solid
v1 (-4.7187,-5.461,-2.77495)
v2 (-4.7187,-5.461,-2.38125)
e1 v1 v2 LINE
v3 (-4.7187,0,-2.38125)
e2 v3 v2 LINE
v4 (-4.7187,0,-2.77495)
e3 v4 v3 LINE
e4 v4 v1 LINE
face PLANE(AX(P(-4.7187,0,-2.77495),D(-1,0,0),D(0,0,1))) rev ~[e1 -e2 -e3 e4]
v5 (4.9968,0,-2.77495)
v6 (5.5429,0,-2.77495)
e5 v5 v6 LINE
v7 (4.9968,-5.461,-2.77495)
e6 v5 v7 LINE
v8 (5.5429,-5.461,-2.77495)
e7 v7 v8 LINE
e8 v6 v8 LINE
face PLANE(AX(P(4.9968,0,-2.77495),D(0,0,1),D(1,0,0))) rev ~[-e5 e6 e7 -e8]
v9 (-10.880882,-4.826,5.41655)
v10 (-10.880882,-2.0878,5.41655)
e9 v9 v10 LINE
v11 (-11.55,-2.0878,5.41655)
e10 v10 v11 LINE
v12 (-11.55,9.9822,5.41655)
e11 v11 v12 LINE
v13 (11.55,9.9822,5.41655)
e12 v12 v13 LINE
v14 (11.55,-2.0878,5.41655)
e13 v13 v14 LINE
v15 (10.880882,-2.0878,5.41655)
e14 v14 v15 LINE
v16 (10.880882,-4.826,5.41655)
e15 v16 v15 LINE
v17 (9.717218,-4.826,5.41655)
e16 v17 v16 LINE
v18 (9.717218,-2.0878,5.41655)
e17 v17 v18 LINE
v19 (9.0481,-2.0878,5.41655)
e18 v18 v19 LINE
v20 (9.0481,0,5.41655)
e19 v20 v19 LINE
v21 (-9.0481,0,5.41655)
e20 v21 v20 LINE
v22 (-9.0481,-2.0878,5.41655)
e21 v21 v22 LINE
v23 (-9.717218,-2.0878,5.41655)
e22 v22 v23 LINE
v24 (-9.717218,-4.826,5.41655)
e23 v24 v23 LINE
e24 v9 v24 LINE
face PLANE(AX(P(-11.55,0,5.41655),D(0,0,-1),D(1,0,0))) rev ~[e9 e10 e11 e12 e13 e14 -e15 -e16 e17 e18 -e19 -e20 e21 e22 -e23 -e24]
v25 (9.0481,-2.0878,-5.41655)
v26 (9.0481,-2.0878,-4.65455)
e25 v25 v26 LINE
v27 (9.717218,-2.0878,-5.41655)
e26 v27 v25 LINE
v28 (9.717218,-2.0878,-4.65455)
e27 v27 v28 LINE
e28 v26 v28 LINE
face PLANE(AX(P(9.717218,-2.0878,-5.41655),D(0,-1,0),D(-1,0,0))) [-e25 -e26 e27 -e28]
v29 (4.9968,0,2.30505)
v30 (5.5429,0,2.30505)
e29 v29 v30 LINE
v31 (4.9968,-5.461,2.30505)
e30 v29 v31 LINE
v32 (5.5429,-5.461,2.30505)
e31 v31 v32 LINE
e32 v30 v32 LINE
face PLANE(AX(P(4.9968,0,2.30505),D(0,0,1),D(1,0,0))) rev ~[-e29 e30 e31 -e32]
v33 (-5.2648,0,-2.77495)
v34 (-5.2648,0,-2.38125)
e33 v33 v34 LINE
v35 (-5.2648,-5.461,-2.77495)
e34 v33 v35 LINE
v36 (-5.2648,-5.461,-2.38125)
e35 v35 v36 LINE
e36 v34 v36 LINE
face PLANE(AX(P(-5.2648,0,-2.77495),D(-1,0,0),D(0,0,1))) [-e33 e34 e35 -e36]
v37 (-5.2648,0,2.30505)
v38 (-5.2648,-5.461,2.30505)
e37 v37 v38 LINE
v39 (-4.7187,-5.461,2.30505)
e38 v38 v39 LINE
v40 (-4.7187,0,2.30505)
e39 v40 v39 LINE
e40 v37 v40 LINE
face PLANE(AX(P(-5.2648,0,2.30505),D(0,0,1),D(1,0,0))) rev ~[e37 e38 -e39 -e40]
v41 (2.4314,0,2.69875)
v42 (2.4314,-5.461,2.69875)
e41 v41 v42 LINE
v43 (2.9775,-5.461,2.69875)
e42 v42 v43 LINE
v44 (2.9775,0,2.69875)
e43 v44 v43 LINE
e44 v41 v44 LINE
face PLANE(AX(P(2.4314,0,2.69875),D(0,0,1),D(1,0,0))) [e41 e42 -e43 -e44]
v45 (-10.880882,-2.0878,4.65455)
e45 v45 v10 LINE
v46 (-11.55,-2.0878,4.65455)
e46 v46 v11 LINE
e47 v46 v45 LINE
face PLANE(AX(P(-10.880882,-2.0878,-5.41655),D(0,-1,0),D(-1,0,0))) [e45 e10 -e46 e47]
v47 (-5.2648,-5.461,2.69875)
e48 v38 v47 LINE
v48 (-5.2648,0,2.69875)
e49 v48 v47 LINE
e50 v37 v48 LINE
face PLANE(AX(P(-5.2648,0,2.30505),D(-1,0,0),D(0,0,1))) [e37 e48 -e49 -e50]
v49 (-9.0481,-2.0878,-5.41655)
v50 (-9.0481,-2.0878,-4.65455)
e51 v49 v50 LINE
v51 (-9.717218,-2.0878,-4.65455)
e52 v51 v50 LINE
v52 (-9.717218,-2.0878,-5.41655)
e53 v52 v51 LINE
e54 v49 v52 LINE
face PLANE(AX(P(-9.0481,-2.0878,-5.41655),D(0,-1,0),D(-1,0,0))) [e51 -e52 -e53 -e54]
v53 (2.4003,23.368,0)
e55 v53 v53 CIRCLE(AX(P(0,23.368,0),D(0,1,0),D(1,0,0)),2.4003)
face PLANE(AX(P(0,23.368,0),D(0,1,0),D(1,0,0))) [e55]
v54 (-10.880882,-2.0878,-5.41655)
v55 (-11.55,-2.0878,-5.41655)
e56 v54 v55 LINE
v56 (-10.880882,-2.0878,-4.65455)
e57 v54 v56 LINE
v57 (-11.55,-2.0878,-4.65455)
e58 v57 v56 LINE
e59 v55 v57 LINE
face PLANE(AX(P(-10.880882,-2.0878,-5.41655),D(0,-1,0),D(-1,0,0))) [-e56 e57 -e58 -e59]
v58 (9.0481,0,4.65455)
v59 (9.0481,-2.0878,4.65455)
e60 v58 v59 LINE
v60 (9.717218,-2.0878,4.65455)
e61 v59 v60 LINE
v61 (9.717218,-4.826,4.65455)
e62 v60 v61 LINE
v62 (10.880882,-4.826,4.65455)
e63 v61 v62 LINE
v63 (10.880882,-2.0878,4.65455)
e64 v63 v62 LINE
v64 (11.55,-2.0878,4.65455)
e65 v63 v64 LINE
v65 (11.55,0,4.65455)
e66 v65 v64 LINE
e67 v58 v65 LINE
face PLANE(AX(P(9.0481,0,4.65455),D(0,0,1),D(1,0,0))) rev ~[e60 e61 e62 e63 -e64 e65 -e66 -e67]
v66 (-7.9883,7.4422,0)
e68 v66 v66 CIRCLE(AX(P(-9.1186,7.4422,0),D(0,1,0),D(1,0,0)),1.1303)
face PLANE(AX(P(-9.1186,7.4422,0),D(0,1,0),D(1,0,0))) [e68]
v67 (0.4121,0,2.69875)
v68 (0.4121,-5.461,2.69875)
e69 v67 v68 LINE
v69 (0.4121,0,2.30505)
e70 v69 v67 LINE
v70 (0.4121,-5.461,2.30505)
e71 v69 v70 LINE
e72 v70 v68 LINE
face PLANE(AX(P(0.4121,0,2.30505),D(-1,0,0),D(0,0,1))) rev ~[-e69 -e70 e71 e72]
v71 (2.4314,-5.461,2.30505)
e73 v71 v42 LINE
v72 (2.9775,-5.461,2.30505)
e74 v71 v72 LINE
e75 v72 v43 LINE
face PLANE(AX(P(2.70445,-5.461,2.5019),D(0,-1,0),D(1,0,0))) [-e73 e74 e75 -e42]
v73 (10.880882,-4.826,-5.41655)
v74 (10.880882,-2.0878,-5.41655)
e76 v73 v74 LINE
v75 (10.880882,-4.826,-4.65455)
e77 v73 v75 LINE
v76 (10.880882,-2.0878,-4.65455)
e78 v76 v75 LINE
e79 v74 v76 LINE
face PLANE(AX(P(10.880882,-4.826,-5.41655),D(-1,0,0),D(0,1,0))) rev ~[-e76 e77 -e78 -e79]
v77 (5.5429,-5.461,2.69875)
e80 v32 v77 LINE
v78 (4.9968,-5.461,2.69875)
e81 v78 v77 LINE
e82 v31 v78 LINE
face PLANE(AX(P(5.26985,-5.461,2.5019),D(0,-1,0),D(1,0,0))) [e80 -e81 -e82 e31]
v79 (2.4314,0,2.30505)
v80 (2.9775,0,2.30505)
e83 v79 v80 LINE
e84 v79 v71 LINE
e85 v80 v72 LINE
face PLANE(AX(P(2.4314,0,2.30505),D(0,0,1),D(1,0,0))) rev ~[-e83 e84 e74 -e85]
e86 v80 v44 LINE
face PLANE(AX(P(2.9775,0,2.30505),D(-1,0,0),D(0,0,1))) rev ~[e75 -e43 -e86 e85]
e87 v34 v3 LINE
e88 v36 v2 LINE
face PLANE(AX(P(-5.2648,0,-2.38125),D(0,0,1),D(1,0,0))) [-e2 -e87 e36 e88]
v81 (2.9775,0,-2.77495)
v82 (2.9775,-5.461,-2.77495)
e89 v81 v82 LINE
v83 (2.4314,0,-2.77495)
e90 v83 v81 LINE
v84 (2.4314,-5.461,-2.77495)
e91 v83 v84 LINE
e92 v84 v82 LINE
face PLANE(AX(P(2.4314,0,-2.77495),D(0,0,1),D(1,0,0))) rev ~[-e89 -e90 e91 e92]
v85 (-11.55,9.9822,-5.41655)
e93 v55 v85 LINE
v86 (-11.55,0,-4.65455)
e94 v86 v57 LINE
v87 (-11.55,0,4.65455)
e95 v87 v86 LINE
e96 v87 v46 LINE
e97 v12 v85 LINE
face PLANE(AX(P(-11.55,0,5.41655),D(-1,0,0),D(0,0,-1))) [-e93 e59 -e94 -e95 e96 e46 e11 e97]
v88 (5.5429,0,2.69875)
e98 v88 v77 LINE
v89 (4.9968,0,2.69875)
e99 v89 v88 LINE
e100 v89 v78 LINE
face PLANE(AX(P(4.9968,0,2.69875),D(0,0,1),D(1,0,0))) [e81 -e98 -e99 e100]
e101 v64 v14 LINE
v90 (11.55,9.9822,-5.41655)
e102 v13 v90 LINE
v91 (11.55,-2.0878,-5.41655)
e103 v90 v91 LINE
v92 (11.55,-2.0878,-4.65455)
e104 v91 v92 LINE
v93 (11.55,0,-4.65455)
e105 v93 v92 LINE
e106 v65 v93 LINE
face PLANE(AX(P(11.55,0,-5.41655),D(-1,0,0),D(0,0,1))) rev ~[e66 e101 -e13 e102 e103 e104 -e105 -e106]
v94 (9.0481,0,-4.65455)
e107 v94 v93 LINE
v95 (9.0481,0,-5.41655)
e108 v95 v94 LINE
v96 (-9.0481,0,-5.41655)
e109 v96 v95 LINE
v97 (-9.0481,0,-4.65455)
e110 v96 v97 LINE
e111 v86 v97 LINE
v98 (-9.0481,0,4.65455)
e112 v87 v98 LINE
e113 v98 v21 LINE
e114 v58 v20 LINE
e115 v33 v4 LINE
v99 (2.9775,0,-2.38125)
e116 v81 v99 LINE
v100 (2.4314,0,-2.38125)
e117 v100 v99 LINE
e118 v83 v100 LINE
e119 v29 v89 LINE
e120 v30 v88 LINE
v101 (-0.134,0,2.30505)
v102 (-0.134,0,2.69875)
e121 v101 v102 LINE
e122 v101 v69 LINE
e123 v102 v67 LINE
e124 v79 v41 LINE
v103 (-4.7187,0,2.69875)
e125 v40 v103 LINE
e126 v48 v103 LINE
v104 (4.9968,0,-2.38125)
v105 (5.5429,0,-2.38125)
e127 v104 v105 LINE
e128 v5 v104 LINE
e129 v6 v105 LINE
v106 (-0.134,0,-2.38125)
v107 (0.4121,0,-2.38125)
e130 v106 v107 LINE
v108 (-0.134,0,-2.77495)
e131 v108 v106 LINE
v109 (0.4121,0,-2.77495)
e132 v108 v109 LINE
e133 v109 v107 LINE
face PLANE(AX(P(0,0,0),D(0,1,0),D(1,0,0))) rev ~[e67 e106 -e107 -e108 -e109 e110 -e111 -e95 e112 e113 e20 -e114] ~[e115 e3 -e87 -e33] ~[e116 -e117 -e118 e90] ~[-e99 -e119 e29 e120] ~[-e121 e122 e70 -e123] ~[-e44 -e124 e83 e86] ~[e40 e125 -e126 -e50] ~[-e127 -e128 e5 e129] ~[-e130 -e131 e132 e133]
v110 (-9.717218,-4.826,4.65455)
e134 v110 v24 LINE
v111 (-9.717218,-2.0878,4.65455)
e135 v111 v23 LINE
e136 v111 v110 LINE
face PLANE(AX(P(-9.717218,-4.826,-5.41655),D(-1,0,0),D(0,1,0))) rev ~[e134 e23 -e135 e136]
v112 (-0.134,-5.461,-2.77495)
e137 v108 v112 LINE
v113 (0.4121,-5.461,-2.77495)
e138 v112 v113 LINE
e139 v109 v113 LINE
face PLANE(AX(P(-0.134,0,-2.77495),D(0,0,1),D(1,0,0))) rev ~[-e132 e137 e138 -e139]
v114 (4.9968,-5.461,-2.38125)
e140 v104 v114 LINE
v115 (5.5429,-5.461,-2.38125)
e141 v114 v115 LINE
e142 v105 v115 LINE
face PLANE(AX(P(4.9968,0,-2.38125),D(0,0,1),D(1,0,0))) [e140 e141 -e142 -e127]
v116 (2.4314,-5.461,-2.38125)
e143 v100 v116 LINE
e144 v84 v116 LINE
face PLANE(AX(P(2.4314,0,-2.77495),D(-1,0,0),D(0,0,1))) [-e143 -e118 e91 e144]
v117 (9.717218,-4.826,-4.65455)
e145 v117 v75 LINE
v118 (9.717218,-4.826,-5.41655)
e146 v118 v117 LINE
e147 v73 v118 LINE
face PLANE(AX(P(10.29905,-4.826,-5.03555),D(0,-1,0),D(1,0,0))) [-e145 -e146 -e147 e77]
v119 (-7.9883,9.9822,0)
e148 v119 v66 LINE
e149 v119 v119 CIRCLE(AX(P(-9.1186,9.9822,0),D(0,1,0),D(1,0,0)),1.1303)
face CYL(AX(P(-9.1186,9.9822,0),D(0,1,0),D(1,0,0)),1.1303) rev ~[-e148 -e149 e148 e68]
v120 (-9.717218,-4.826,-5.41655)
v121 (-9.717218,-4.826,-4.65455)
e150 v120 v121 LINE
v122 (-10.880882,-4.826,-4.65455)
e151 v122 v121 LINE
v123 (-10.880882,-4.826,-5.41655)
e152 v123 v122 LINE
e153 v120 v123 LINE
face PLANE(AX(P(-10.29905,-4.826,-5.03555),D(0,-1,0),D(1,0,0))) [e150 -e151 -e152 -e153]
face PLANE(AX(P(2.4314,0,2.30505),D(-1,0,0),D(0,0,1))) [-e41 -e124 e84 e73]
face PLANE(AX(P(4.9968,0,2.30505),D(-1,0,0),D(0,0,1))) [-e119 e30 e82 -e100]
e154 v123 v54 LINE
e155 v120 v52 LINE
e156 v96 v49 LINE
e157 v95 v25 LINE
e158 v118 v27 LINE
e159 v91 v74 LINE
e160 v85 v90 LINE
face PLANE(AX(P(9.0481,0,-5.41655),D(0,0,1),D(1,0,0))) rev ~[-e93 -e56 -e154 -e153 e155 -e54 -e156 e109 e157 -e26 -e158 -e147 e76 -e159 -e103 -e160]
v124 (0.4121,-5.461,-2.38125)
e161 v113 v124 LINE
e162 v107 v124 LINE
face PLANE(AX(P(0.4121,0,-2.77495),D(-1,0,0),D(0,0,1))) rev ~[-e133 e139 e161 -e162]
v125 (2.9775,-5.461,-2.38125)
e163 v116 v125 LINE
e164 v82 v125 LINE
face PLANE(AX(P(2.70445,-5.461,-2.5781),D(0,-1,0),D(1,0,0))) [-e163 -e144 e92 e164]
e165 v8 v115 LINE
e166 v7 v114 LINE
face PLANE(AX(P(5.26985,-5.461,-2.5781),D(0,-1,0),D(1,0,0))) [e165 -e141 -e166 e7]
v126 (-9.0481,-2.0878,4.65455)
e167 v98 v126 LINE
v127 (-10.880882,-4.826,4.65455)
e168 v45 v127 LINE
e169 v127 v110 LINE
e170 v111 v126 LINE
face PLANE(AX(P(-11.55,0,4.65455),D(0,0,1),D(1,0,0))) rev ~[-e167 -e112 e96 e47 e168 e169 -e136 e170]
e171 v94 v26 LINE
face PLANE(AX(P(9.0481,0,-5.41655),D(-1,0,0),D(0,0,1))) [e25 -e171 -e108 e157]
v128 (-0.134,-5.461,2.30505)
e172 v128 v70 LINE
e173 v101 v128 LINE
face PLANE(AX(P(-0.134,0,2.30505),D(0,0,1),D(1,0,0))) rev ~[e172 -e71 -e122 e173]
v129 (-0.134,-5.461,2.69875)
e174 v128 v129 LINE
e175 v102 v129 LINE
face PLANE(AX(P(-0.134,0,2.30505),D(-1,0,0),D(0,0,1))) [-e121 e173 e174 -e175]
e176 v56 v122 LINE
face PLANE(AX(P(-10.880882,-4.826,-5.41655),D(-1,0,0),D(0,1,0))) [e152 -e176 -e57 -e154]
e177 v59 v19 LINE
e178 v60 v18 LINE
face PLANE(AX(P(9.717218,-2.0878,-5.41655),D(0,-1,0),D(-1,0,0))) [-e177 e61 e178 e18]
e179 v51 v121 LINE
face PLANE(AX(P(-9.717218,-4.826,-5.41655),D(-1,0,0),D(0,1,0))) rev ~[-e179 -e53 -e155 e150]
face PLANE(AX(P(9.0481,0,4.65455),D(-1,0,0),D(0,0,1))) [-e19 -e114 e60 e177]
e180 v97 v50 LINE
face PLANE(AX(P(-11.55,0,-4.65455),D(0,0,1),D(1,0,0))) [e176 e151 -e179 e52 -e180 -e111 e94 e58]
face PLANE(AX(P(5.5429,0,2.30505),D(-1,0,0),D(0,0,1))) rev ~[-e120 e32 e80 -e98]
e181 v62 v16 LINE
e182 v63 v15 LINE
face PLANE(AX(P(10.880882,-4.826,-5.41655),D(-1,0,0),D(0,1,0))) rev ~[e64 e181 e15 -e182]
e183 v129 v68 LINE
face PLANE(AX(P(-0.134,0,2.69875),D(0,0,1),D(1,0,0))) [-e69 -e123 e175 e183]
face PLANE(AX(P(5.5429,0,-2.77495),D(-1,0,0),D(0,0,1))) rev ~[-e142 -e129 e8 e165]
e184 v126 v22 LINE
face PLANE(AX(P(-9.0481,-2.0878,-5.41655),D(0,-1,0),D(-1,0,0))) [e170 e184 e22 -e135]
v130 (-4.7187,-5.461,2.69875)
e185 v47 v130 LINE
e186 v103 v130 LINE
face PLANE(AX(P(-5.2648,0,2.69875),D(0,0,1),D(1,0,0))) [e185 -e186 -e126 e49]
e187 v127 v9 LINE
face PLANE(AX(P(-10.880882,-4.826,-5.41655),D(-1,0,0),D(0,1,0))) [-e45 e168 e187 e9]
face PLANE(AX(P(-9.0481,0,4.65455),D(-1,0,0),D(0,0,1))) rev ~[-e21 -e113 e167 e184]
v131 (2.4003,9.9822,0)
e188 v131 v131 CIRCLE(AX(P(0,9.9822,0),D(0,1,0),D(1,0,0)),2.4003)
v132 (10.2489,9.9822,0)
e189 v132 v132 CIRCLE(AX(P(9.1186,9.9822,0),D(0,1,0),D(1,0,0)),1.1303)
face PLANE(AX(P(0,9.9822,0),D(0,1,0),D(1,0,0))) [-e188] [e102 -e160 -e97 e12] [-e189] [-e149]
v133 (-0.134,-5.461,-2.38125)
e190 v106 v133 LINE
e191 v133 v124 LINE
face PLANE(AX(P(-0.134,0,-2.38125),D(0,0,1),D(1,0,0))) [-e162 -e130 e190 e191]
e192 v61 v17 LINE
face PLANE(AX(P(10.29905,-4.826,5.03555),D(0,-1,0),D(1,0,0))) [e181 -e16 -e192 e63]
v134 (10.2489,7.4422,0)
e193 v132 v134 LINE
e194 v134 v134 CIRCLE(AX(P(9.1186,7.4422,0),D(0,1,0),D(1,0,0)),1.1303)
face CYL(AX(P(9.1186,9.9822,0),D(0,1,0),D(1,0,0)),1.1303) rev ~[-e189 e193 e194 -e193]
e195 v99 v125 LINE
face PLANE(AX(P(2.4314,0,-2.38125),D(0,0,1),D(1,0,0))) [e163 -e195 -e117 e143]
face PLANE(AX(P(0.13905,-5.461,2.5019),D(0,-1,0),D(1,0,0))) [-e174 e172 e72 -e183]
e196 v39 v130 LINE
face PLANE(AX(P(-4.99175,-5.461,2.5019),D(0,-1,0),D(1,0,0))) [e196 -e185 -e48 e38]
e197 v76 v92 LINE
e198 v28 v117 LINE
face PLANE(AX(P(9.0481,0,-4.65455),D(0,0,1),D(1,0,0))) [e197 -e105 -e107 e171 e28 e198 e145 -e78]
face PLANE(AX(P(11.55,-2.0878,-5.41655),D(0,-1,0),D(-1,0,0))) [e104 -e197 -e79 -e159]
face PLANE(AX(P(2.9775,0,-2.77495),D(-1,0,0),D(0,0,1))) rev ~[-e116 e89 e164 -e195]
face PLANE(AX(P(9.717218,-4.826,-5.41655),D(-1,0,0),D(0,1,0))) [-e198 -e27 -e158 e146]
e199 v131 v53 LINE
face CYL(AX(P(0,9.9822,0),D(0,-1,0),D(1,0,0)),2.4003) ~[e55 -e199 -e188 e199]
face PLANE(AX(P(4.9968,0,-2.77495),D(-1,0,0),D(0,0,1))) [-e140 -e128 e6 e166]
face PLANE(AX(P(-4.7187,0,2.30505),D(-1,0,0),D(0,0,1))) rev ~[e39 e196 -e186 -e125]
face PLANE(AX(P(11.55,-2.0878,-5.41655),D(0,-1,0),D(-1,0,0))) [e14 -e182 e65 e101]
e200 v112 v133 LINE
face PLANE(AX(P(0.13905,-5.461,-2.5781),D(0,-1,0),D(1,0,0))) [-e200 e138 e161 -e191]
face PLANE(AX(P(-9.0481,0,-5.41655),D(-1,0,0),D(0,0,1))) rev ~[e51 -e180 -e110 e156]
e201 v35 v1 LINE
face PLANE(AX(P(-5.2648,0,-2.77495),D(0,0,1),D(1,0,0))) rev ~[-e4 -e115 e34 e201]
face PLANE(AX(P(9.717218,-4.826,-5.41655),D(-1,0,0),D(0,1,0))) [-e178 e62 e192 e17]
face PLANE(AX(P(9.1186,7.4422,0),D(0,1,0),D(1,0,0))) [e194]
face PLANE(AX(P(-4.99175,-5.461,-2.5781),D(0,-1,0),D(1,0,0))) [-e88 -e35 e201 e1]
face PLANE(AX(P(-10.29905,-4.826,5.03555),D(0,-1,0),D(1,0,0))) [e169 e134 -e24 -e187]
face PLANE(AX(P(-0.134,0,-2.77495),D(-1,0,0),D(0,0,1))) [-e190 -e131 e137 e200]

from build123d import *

# Parameters (mm, degrees)
SKETCH1_W               = 23.1
SKETCH1_H               = 10.8331
BOSS_EXTRUDE1_DEPTH     = 9.9822
SKETCH2_W               = 2.5019
SKETCH2_H               = 0.762
BOSS_EXTRUDE2_DEPTH     = 4.826
SKETCH3_W               = 0.5461
SKETCH3_H               = 0.3937
BOSS_EXTRUDE3_DEPTH     = 5.461
LPATTERN1_COUNT         = 5
LPATTERN1_PITCH         = 2.5654
LPATTERN1_COUNT_DIR2    = 2
LPATTERN1_PITCH_DIR2    = 5.08
SKETCH4_R               = 2.4003
BOSS_EXTRUDE4_DEPTH     = 13.3858
SKETCH5_R               = 1.1303
CUT_EXTRUDE1_DEPTH      = 2.54
SKETCH6_W               = 0.669118354
SKETCH6_H               = 2.7382
CUT_EXTRUDE2_DEPTH      = 1
CUT_EXTRUDE2_DEPTH_BACK = 11.8331


with BuildPart() as part:
    # Sketch1 → Boss-Extrude1 (new body)
    with BuildSketch(Plane(origin=(0, 0, 0), x_dir=(1, 0, 0), z_dir=(0, 1, 0))):
        Rectangle(SKETCH1_W, SKETCH1_H)
    extrude(amount=BOSS_EXTRUDE1_DEPTH)

    # Sketch2 → Boss-Extrude2 (add)
    with BuildSketch(Plane.XZ):
        with Locations((10.29905, -5.03555)):
            Rectangle(SKETCH2_W, SKETCH2_H)
        with Locations((10.29905, 5.03555)):
            Rectangle(SKETCH2_W, SKETCH2_H)
        with Locations((-10.29905, 5.03555)):
            Rectangle(SKETCH2_W, SKETCH2_H)
        with Locations((-10.29905, -5.03555)):
            Rectangle(SKETCH2_W, SKETCH2_H)
    extrude(amount=BOSS_EXTRUDE2_DEPTH)

    # Sketch3 → Boss-Extrude3 (add)
    with BuildSketch(Plane.XZ):
        with Locations((5.26985, -2.5781)):
            Rectangle(SKETCH3_W, SKETCH3_H)
    boss_extrude3 = extrude(amount=BOSS_EXTRUDE3_DEPTH)

    # LPattern1: Boss-Extrude3 5 × 2, 2 skipped
    with Locations(*[(-i * LPATTERN1_PITCH, 0, j * LPATTERN1_PITCH_DIR2) for i in range(LPATTERN1_COUNT) for j in range(LPATTERN1_COUNT_DIR2) if (i, j) not in ((0, 0), (3, 0), (3, 1))]):
        add(boss_extrude3)

    # Sketch4 → Boss-Extrude4 (add)
    with BuildSketch(Plane(origin=(0, 9.9822, 0), x_dir=(1, 0, 0), z_dir=(0, 1, 0))):
        Circle(SKETCH4_R)
    extrude(amount=BOSS_EXTRUDE4_DEPTH)

    # Sketch5 → Cut-Extrude1 (cut)
    with BuildSketch(Plane(origin=(0, 9.9822, 0), x_dir=(1, 0, 0), z_dir=(0, 1, 0))):
        with Locations((9.1186, 0)):
            Circle(SKETCH5_R)
        with Locations((-9.1186, 0)):
            Circle(SKETCH5_R)
    extrude(amount=-CUT_EXTRUDE1_DEPTH, mode=Mode.SUBTRACT)

    # Sketch6 → Cut-Extrude2 (cut, two sides)
    with BuildSketch(Plane(origin=(0, 0, -5.41655), x_dir=(-1, 0, 0), z_dir=(0, 0, -1))) as cut_extrude2_sk:
        with Locations((-11.215440823, -3.4569)):
            Rectangle(SKETCH6_W, SKETCH6_H)
        with Locations((-9.382659177, -3.4569)):
            Rectangle(SKETCH6_W, SKETCH6_H)
        with Locations((9.382659177, -3.4569)):
            Rectangle(SKETCH6_W, SKETCH6_H)
        with Locations((11.215440823, -3.4569)):
            Rectangle(SKETCH6_W, SKETCH6_H)
    extrude(amount=CUT_EXTRUDE2_DEPTH, mode=Mode.SUBTRACT)
    extrude(cut_extrude2_sk.sketch, amount=-CUT_EXTRUDE2_DEPTH_BACK, mode=Mode.SUBTRACT)


solid = part.part
